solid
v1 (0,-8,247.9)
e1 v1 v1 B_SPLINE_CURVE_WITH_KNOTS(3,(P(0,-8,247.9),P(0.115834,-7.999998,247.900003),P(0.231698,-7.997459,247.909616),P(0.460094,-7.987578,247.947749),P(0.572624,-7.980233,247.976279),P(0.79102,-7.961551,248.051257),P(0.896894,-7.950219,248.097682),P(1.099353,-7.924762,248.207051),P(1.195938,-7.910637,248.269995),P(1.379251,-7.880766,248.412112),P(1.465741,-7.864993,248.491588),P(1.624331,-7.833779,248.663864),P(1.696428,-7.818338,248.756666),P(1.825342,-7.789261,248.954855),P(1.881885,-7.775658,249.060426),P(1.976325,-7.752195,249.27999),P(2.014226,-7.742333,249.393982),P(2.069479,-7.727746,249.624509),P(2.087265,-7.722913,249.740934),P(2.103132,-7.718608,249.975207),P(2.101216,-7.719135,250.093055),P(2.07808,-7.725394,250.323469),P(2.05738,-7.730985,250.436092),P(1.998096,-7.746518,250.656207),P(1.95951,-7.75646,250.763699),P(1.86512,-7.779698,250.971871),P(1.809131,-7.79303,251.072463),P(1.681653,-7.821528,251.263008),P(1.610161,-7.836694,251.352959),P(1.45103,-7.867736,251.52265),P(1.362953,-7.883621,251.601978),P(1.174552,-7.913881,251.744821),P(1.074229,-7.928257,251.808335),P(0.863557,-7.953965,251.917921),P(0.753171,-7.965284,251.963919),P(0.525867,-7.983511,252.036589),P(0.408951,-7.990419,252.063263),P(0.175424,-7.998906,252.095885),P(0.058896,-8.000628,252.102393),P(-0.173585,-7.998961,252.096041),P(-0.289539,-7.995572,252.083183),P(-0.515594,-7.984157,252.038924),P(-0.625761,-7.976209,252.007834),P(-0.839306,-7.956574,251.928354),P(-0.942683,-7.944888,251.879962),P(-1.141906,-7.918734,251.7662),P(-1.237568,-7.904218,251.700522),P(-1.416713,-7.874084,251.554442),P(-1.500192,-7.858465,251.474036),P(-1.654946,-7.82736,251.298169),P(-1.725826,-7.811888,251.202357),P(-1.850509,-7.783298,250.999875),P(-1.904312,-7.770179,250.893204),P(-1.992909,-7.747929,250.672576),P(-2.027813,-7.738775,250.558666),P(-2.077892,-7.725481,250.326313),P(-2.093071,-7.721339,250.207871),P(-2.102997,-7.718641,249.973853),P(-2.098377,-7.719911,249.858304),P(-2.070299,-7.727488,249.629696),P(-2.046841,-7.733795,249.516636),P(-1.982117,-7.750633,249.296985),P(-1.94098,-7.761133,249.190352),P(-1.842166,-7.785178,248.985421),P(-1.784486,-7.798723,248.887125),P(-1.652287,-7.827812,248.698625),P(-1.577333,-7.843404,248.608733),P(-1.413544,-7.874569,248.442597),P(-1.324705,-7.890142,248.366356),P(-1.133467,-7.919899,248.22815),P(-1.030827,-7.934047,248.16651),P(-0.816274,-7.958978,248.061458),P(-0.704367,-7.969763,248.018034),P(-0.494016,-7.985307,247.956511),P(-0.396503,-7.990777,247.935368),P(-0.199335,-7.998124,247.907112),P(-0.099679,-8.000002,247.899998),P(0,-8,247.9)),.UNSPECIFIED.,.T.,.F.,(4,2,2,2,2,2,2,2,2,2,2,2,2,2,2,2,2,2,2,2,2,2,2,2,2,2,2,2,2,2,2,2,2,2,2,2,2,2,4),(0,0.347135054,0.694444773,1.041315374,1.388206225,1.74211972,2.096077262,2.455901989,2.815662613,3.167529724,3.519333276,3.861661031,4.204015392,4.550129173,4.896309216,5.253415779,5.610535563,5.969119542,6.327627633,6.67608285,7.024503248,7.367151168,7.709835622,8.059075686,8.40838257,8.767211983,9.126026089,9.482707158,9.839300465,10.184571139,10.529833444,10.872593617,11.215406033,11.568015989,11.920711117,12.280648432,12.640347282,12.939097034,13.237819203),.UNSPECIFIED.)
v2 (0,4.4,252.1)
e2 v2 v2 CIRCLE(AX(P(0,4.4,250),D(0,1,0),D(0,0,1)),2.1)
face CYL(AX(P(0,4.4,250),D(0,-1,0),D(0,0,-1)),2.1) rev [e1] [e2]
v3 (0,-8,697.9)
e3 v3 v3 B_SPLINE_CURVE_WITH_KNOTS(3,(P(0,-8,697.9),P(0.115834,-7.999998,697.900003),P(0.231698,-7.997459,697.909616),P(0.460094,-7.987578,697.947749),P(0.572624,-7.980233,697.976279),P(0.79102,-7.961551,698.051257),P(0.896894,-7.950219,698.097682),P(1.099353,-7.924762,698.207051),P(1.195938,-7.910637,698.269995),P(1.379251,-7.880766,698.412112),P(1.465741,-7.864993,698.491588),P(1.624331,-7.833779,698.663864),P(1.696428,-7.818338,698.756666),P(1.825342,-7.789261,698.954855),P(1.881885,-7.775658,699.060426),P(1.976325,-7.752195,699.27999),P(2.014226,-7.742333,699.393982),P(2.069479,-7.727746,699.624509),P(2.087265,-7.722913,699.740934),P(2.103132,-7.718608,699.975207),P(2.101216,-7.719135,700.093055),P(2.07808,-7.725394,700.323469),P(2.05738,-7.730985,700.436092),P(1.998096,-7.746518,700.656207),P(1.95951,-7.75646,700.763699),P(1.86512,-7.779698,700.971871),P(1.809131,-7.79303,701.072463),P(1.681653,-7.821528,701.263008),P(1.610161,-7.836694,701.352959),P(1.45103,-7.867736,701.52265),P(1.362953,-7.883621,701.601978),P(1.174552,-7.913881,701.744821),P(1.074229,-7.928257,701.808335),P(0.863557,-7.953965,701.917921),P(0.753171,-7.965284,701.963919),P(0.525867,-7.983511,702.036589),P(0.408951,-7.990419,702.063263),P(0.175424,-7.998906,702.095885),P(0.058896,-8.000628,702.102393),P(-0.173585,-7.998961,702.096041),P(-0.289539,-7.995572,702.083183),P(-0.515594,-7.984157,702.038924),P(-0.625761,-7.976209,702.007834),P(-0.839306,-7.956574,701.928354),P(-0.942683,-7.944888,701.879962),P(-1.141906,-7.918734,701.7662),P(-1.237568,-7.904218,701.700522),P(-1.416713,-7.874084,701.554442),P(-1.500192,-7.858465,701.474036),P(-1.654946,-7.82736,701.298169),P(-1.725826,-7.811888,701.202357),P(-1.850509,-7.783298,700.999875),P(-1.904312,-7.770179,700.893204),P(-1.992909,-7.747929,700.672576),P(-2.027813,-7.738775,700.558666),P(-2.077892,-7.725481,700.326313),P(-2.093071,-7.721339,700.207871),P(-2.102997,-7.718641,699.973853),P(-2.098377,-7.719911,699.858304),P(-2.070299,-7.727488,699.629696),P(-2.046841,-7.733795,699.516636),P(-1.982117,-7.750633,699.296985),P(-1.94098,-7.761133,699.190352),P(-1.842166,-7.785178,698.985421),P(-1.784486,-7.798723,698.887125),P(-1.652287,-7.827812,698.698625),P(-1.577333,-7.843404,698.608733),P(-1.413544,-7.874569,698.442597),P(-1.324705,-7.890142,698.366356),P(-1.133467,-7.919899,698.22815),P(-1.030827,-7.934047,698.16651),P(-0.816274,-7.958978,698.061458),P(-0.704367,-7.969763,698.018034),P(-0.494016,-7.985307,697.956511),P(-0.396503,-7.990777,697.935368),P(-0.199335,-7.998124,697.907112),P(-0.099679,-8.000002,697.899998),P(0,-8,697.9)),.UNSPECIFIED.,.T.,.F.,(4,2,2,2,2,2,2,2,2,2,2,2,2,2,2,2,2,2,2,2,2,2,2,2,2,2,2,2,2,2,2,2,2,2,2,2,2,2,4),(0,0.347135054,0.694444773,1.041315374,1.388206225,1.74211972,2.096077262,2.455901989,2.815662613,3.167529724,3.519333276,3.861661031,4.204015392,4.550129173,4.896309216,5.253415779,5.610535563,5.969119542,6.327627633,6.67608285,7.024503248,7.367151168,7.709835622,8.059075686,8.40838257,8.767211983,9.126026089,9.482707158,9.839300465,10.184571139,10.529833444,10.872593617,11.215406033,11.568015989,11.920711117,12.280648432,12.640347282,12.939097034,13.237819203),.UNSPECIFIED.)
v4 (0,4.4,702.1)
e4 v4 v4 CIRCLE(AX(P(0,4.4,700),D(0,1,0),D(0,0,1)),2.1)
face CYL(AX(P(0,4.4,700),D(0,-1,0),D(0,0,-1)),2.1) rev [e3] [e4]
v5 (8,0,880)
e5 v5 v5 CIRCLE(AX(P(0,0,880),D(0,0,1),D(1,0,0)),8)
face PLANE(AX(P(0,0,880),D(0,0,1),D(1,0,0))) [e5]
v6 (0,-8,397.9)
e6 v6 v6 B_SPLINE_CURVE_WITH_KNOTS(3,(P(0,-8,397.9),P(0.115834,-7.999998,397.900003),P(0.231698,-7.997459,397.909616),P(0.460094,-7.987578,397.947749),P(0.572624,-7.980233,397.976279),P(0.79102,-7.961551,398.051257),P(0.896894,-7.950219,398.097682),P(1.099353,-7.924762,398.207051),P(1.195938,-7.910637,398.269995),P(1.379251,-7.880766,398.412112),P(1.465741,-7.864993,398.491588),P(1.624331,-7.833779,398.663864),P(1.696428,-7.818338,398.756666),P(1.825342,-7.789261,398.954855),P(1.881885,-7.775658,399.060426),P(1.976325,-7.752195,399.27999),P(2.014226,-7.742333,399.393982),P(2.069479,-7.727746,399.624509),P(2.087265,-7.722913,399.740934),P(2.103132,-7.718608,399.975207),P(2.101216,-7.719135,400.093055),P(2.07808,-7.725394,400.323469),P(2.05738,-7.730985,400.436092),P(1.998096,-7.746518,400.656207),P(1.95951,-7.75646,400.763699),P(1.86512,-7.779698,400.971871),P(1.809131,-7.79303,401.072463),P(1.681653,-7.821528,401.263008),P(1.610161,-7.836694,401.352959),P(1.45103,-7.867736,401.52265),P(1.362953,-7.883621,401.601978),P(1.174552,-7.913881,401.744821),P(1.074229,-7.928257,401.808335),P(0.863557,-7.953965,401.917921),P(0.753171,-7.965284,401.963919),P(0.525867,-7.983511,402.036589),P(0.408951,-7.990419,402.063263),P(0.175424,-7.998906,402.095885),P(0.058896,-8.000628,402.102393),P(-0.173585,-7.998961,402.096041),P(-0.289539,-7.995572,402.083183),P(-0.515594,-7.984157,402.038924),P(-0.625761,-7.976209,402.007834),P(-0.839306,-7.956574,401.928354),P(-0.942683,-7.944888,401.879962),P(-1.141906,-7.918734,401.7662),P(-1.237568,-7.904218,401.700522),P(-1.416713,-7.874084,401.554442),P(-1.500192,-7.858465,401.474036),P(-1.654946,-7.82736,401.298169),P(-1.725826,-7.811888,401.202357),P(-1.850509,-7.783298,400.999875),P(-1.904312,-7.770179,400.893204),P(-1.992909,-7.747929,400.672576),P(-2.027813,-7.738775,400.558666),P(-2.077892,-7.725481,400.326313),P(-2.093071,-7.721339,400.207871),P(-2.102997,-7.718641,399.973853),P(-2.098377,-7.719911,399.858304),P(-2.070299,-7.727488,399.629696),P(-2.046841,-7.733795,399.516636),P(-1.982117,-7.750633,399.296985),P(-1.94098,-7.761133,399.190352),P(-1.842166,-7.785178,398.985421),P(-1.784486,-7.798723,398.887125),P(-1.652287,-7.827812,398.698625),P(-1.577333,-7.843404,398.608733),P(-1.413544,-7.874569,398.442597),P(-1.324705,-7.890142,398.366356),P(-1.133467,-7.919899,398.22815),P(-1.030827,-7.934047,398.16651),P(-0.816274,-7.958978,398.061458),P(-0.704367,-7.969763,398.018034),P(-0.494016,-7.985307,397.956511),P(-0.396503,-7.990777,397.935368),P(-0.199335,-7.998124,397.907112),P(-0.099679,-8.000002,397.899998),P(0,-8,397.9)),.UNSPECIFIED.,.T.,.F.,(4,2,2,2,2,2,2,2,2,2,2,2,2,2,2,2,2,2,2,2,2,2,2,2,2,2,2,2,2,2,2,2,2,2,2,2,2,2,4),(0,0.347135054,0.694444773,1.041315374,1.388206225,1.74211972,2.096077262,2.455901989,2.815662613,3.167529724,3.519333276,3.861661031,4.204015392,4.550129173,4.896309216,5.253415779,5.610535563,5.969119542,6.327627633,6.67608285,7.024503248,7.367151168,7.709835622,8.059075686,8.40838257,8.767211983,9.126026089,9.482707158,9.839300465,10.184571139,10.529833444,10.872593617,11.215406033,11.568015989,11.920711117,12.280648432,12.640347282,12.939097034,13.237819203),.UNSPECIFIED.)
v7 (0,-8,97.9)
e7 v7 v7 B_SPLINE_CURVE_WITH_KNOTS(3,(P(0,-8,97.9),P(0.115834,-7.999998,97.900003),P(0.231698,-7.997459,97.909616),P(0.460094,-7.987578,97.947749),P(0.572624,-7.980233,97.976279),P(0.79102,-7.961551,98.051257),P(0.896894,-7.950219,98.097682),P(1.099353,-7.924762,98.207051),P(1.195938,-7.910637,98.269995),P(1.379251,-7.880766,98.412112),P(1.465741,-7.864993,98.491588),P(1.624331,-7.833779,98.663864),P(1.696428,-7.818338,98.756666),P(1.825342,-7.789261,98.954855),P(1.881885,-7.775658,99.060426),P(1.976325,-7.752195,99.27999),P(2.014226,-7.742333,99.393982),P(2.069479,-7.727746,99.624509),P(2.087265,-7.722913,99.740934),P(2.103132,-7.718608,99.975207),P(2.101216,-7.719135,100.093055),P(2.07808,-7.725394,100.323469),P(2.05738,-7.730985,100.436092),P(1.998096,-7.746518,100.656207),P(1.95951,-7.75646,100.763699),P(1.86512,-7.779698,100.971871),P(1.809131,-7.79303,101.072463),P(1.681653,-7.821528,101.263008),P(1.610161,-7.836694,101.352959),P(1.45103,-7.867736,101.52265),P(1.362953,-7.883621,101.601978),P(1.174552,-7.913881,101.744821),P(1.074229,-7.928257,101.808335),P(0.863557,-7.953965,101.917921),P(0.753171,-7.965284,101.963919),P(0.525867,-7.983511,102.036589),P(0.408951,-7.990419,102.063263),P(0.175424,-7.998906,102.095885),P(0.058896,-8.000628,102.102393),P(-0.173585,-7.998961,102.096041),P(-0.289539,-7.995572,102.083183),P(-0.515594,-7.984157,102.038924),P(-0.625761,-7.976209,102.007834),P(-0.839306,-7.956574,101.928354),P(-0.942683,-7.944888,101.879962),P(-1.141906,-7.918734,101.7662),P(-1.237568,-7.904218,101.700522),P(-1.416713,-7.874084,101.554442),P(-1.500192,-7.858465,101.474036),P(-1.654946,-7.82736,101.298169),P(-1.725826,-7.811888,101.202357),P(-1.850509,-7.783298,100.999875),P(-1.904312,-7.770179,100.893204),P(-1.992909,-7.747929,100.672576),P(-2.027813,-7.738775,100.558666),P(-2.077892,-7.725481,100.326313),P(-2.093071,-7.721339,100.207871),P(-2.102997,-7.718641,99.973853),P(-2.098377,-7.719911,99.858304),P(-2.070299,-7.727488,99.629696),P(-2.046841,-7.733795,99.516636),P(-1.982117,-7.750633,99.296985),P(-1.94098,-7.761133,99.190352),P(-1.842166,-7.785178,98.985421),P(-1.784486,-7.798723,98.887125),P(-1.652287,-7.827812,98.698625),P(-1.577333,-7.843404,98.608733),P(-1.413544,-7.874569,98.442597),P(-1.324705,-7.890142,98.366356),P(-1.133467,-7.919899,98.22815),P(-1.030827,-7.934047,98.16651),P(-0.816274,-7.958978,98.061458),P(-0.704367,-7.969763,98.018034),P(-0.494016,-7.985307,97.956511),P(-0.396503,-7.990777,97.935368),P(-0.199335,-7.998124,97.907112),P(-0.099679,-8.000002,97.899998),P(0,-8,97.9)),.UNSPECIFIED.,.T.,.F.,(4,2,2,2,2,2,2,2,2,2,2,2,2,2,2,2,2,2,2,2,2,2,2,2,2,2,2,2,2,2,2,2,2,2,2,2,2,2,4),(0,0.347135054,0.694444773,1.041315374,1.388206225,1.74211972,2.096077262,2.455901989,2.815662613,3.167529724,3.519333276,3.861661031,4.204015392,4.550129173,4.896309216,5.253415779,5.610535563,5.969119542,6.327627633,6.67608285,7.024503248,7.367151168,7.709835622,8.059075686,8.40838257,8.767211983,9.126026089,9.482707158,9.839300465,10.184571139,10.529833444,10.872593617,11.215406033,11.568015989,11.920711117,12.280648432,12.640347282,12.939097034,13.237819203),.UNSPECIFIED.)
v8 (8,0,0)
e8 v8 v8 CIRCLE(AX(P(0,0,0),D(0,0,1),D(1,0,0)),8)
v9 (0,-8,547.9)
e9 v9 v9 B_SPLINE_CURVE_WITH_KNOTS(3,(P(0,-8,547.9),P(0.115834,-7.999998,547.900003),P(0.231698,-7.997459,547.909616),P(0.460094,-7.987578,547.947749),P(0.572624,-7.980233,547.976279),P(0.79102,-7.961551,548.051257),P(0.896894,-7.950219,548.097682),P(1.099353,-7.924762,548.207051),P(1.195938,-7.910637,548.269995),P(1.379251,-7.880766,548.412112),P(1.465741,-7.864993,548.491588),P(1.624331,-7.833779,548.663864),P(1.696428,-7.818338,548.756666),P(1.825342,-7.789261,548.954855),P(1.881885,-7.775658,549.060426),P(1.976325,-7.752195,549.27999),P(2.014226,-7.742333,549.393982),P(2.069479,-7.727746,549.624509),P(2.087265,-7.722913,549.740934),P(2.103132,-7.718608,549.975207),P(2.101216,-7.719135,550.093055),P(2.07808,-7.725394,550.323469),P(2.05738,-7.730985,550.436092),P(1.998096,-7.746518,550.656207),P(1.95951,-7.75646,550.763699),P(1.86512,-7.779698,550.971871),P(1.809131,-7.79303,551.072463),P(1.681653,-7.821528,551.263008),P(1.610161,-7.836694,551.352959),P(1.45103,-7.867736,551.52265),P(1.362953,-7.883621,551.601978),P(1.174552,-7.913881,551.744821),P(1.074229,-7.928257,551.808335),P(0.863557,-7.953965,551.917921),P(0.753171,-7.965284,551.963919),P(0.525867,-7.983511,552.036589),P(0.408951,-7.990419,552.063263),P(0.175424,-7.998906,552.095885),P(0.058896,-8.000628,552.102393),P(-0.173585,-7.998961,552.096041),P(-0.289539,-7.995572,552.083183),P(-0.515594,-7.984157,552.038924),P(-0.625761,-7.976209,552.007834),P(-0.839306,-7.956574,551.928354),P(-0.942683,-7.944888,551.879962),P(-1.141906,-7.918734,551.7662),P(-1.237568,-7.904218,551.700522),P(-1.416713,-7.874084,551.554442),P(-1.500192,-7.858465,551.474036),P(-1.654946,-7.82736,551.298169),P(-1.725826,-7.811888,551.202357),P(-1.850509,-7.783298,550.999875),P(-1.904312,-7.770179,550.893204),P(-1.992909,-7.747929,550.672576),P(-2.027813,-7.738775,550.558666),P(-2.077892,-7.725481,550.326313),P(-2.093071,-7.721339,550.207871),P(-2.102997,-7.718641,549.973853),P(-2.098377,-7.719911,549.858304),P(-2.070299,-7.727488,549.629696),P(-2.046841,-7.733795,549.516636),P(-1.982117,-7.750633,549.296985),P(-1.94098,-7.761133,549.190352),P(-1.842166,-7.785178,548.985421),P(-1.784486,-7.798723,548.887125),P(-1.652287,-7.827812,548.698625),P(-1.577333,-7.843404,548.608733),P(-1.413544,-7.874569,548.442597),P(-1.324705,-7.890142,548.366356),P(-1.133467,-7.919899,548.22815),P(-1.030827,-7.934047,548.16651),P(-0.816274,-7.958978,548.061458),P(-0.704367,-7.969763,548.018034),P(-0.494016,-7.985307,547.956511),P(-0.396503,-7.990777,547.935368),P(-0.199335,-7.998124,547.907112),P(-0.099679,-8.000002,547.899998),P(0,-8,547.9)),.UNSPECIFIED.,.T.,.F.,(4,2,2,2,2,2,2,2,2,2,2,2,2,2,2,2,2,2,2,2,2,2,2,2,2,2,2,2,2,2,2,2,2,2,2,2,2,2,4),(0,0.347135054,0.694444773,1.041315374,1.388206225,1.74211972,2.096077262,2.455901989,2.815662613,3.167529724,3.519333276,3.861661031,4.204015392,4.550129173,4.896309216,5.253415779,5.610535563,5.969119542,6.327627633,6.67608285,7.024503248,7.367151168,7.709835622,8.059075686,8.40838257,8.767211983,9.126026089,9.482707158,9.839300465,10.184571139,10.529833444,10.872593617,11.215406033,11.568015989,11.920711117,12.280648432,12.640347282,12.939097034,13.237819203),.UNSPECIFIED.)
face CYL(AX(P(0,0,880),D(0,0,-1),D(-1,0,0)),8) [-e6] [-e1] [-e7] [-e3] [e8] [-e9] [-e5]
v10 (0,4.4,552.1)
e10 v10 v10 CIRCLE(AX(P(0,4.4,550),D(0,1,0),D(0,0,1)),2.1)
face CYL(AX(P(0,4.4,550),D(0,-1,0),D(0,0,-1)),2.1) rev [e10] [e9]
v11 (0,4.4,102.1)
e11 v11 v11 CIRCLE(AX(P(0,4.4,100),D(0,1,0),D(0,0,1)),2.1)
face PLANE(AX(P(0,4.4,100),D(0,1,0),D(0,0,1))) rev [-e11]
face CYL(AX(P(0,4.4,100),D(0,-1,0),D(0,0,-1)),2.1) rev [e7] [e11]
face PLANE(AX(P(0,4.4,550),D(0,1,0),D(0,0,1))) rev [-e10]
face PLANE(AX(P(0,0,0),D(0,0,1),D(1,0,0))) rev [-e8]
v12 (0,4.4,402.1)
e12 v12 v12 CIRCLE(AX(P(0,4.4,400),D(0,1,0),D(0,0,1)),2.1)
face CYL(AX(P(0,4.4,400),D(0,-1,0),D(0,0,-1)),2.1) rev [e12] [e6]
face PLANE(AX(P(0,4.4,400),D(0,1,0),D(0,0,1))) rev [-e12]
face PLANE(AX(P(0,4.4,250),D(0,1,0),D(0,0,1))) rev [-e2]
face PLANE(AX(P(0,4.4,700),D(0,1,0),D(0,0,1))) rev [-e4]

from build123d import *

# Parameters (mm, degrees)
SKETCH1_R           = 8
BOSS_EXTRUDE1_DEPTH = 880
SKETCH4_R           = 2.1
CUT_EXTRUDE2_DEPTH  = 12.4
LPATTERN1_COUNT     = 5
LPATTERN1_PITCH     = 150


with BuildPart() as part:
    # Sketch1 → Boss-Extrude1 (new body)
    with BuildSketch(Plane.XY):
        Circle(SKETCH1_R)
    extrude(amount=BOSS_EXTRUDE1_DEPTH)

    # Sketch4 → Cut-Extrude2 (cut)
    with BuildSketch(Plane(origin=(0, -8, 0), x_dir=(-1, 0, 0), z_dir=(0, 1, 0))):
        with Locations(Location((0, 100, 0), (0, 0, 270))):
            Circle(SKETCH4_R)
    cut_extrude2 = extrude(amount=CUT_EXTRUDE2_DEPTH, mode=Mode.SUBTRACT)

    # LPattern1: Cut-Extrude2 ×5
    with Locations(*[(0, 0, i * LPATTERN1_PITCH) for i in range(1, LPATTERN1_COUNT)]):
        add(cut_extrude2, mode=Mode.SUBTRACT)


solid = part.part
